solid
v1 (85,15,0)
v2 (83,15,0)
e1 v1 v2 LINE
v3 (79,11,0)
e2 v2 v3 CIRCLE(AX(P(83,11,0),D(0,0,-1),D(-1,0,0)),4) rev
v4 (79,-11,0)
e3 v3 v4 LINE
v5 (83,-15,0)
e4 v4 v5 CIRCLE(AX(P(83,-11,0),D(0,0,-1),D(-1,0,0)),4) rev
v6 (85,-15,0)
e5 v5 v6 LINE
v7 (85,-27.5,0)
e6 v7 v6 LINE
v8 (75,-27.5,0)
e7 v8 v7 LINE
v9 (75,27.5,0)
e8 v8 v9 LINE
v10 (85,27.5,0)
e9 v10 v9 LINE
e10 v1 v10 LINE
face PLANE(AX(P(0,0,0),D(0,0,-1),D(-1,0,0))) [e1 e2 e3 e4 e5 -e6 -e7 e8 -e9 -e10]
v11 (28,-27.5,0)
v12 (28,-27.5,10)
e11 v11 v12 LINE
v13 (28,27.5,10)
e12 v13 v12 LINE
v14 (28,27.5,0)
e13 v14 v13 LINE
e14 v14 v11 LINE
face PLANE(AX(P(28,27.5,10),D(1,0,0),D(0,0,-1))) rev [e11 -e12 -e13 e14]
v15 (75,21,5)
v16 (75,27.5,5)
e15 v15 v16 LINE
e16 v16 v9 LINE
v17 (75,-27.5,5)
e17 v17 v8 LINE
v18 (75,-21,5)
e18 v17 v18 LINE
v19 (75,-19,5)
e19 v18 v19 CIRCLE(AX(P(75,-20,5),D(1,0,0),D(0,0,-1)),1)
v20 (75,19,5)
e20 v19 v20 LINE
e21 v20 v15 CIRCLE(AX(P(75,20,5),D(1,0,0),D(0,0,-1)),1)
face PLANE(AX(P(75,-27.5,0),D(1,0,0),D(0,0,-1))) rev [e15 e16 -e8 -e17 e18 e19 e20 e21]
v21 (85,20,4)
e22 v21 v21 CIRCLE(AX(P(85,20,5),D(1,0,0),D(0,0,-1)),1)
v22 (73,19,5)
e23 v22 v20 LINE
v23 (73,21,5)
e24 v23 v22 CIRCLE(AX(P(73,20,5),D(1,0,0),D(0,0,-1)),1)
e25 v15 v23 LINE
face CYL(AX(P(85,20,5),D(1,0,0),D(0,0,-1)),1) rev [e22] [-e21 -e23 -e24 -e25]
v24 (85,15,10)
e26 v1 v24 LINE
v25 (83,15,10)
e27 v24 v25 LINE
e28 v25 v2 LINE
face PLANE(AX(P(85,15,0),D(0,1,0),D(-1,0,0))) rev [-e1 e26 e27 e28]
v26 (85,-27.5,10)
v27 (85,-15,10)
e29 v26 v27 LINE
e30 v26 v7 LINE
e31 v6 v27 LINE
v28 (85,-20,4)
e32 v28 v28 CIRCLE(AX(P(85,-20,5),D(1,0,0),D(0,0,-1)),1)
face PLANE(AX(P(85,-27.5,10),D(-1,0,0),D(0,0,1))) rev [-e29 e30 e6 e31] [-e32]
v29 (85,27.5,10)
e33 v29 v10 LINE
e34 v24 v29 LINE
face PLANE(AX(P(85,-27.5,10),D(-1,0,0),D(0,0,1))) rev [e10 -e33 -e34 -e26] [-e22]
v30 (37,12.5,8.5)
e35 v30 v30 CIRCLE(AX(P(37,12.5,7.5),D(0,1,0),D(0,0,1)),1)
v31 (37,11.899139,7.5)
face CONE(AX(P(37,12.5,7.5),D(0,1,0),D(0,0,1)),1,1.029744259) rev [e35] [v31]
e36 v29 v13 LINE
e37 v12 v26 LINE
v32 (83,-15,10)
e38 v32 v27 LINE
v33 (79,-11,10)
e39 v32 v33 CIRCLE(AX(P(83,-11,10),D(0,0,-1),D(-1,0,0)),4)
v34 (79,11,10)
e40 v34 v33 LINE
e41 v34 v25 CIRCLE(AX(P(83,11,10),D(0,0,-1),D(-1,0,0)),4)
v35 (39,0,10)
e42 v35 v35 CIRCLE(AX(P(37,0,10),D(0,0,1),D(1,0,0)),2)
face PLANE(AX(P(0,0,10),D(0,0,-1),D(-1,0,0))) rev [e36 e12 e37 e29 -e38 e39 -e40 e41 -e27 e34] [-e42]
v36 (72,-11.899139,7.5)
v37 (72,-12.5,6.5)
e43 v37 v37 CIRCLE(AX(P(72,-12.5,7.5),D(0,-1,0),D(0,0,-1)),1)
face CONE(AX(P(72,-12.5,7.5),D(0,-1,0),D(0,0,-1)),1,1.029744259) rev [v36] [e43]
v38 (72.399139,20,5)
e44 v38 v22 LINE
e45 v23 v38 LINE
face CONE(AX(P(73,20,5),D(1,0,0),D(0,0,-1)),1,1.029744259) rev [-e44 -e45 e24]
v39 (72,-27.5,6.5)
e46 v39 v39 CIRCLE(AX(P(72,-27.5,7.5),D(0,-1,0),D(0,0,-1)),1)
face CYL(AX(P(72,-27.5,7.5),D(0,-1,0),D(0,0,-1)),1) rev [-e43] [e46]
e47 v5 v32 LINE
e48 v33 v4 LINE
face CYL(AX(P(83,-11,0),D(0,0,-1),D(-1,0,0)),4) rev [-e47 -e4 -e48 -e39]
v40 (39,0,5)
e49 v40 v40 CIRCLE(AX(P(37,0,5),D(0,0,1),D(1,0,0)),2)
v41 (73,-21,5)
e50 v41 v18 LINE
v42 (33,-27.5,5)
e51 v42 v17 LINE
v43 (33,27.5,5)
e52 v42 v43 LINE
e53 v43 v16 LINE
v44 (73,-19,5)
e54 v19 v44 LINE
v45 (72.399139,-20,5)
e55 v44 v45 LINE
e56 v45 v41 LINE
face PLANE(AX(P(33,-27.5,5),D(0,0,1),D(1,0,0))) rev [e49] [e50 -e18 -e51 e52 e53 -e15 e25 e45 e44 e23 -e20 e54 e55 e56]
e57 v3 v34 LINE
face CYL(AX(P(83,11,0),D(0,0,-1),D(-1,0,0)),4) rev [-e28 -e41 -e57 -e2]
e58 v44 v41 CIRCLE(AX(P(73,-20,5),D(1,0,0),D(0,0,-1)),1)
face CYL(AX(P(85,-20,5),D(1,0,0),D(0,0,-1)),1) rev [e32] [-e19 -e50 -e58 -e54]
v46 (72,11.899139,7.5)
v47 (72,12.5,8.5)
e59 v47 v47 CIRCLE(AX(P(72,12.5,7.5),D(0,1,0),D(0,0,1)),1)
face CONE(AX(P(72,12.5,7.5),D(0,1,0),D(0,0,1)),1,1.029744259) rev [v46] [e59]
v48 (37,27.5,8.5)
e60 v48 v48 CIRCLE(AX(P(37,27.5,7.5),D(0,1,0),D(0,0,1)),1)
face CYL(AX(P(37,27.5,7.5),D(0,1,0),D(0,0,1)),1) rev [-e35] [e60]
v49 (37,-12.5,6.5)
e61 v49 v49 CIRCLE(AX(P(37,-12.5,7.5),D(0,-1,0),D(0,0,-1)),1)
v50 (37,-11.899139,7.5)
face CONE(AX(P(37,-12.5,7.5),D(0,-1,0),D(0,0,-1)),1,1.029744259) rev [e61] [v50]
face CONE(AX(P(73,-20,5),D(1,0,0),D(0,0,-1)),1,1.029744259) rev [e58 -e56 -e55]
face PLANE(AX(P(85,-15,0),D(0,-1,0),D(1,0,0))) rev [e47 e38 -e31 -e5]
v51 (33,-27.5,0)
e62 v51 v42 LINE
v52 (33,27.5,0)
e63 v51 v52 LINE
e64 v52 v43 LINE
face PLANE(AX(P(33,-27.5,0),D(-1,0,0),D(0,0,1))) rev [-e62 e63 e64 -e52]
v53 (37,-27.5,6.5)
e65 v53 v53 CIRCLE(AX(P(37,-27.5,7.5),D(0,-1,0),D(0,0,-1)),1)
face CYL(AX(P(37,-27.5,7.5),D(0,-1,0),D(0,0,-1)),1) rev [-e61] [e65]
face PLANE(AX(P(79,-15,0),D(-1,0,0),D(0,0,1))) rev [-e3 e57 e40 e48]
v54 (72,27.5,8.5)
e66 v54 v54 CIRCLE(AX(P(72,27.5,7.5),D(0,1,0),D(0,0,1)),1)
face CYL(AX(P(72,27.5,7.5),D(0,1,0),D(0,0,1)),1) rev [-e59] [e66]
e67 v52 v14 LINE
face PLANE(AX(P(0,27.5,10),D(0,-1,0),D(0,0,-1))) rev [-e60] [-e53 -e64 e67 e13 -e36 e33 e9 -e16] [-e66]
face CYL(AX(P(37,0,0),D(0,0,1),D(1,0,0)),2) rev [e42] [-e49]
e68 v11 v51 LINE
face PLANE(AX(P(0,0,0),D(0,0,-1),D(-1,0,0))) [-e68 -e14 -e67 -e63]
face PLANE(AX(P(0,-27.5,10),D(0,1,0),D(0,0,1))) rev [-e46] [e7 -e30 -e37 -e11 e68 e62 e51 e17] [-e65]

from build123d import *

# Parameters (mm, degrees)
ESQUISSE1_W                    = 85
ESQUISSE1_H                    = 55
BOSS_EXTRU_1_DEPTH             = 10
ESQUISSE2_W                    = 8
ESQUISSE2_H                    = 5
ESQUISSE2_W_2                  = 42
ENL_V_MAT_EXTRU_1_DEPTH        = 102.734949747
ESQUISSE3_R                    = 2
ENL_V_MAT_EXTRU_2_DEPTH        = 90.895772982
TROU_TARAUD_M3X0_51_AT_2_COUNT = 2
TROU_TARAUD_M3X0_51_AT_2_PITCH = 33
TROU_TARAUD_M3X0_51_AT_3_COUNT = 2
TROU_TARAUD_M3X0_51_AT_3_PITCH = 68
TROU_TARAUD_M3X0_52_D          = 2
TROU_TARAUD_M3X0_52_DEPTH      = 12
TROU_TARAUD_M3X0_52_TIP        = 0.600860619
ESQUISSE8_W                    = 28
ESQUISSE8_H                    = 10
ENL_V_MAT_EXTRU_3_DEPTH        = 102.734949747
ESQUISSE9_W                    = 6
ESQUISSE9_H                    = 30
ENL_V_MAT_EXTRU_4_DEPTH        = 90.895772982
CONG_1_R                       = 4


with BuildPart() as part:
    # Esquisse1 → Boss.-Extru.1 (new body)
    with BuildSketch(Plane.XY):
        with Locations((42.5, 0)):
            Rectangle(ESQUISSE1_W, ESQUISSE1_H)
    extrude(amount=BOSS_EXTRU_1_DEPTH)

    # Esquisse2 → Enlèv. mat.-Extru.1 (cut, through all)
    with BuildSketch(Plane(origin=(0, 27.5, 0), x_dir=(1, 0, 0), z_dir=(0, 1, 0))):
        with Locations((4, -2.5)):
            Rectangle(ESQUISSE2_W, ESQUISSE2_H)
        with Locations((54, -2.5)):
            Rectangle(ESQUISSE2_W_2, ESQUISSE2_H)
    extrude(amount=-ENL_V_MAT_EXTRU_1_DEPTH, mode=Mode.SUBTRACT)

    # Esquisse3 → Enlèv. mat.-Extru.2 (cut, through all)
    with BuildSketch(Plane.XY.offset(10)):
        with Locations((4, 0)):
            Circle(ESQUISSE3_R)
        with Locations((37, 0)):
            Circle(ESQUISSE3_R)
    extrude(amount=-ENL_V_MAT_EXTRU_2_DEPTH, mode=Mode.SUBTRACT)

    # Esquisse4 → Trou taraudé M3x0.51 (revolve, cut)
    with BuildSketch(Plane(origin=(4, -27.5, 7.5), x_dir=(0, 0, -1), z_dir=(1, 0, 0))):
        Polygon((0, 0), (0, 15.600860619), (1, 15), (1, 0), align=None)
    trou_taraud_m3x0_51 = revolve(axis=Axis((4, -33.85, 7.5), (0, 1, 0)), mode=Mode.SUBTRACT)

    # Trou taraudé M3x0.51 at 2: Trou taraudé M3x0.51 ×2
    with Locations(*[(i * TROU_TARAUD_M3X0_51_AT_2_PITCH, 0, 0) for i in range(1, TROU_TARAUD_M3X0_51_AT_2_COUNT)]):
        add(trou_taraud_m3x0_51, mode=Mode.SUBTRACT)

    # Trou taraudé M3x0.51 at 3: Trou taraudé M3x0.51 ×2
    with Locations(*[(i * TROU_TARAUD_M3X0_51_AT_3_PITCH, 0, 0) for i in range(1, TROU_TARAUD_M3X0_51_AT_3_COUNT)]):
        add(trou_taraud_m3x0_51, mode=Mode.SUBTRACT)

    # Symétrie1: Trou taraudé M3x0.51 across plane
    add(trou_taraud_m3x0_51.mirror(Plane.ZX), mode=Mode.SUBTRACT)

    # Symétrie1 copy 1 sketch → Symétrie1 copy 1 (revolve, cut)
    with BuildSketch(Plane(origin=(37, 27.5, 7.5), x_dir=(0, 0, -1), z_dir=(1, 0, 0))):
        Polygon((0, 0), (0, -15.600860619), (1, -15), (1, 0), align=None)
    revolve(axis=Axis((37, 33.85, 7.5), (0, 1, 0)), mode=Mode.SUBTRACT)

    # Symétrie1 copy 2 sketch → Symétrie1 copy 2 (revolve, cut)
    with BuildSketch(Plane(origin=(72, 27.5, 7.5), x_dir=(0, 0, -1), z_dir=(1, 0, 0))):
        Polygon((0, 0), (0, -15.600860619), (1, -15), (1, 0), align=None)
    revolve(axis=Axis((72, 33.85, 7.5), (0, 1, 0)), mode=Mode.SUBTRACT)

    # Trou taraudé M3x0.52
    with Locations(Plane(origin=(85, 0, 0), x_dir=(0, 0, -1), z_dir=(1, 0, 0))):
        with Locations((-5, 20), (-5, -20)):
            Hole(TROU_TARAUD_M3X0_52_D / 2, depth=TROU_TARAUD_M3X0_52_DEPTH)
            with Locations((0, 0, -(TROU_TARAUD_M3X0_52_DEPTH + TROU_TARAUD_M3X0_52_TIP / 2))):  # 118° drill point
                Cone(0, TROU_TARAUD_M3X0_52_D / 2, TROU_TARAUD_M3X0_52_TIP, mode=Mode.SUBTRACT)

    # Esquisse8 → Enlèv. mat.-Extru.3 (cut, through all)
    with BuildSketch(Plane.XZ.offset(27.5)):
        with Locations((14, 5)):
            Rectangle(ESQUISSE8_W, ESQUISSE8_H)
    extrude(amount=-ENL_V_MAT_EXTRU_3_DEPTH, mode=Mode.SUBTRACT)

    # Esquisse9 → Enlèv. mat.-Extru.4 (cut, through all)
    with BuildSketch(Plane.XY.offset(10)):
        with Locations((82, 0)):
            Rectangle(ESQUISSE9_W, ESQUISSE9_H)
    extrude(amount=-ENL_V_MAT_EXTRU_4_DEPTH, mode=Mode.SUBTRACT)

    # Congé1
    cong_1_edges = [part.edges().sort_by_distance(p)[0] for p in [
        (79, -15, 5),
        (79, 15, 5),
    ]]
    fillet(cong_1_edges, radius=CONG_1_R)


solid = part.part
